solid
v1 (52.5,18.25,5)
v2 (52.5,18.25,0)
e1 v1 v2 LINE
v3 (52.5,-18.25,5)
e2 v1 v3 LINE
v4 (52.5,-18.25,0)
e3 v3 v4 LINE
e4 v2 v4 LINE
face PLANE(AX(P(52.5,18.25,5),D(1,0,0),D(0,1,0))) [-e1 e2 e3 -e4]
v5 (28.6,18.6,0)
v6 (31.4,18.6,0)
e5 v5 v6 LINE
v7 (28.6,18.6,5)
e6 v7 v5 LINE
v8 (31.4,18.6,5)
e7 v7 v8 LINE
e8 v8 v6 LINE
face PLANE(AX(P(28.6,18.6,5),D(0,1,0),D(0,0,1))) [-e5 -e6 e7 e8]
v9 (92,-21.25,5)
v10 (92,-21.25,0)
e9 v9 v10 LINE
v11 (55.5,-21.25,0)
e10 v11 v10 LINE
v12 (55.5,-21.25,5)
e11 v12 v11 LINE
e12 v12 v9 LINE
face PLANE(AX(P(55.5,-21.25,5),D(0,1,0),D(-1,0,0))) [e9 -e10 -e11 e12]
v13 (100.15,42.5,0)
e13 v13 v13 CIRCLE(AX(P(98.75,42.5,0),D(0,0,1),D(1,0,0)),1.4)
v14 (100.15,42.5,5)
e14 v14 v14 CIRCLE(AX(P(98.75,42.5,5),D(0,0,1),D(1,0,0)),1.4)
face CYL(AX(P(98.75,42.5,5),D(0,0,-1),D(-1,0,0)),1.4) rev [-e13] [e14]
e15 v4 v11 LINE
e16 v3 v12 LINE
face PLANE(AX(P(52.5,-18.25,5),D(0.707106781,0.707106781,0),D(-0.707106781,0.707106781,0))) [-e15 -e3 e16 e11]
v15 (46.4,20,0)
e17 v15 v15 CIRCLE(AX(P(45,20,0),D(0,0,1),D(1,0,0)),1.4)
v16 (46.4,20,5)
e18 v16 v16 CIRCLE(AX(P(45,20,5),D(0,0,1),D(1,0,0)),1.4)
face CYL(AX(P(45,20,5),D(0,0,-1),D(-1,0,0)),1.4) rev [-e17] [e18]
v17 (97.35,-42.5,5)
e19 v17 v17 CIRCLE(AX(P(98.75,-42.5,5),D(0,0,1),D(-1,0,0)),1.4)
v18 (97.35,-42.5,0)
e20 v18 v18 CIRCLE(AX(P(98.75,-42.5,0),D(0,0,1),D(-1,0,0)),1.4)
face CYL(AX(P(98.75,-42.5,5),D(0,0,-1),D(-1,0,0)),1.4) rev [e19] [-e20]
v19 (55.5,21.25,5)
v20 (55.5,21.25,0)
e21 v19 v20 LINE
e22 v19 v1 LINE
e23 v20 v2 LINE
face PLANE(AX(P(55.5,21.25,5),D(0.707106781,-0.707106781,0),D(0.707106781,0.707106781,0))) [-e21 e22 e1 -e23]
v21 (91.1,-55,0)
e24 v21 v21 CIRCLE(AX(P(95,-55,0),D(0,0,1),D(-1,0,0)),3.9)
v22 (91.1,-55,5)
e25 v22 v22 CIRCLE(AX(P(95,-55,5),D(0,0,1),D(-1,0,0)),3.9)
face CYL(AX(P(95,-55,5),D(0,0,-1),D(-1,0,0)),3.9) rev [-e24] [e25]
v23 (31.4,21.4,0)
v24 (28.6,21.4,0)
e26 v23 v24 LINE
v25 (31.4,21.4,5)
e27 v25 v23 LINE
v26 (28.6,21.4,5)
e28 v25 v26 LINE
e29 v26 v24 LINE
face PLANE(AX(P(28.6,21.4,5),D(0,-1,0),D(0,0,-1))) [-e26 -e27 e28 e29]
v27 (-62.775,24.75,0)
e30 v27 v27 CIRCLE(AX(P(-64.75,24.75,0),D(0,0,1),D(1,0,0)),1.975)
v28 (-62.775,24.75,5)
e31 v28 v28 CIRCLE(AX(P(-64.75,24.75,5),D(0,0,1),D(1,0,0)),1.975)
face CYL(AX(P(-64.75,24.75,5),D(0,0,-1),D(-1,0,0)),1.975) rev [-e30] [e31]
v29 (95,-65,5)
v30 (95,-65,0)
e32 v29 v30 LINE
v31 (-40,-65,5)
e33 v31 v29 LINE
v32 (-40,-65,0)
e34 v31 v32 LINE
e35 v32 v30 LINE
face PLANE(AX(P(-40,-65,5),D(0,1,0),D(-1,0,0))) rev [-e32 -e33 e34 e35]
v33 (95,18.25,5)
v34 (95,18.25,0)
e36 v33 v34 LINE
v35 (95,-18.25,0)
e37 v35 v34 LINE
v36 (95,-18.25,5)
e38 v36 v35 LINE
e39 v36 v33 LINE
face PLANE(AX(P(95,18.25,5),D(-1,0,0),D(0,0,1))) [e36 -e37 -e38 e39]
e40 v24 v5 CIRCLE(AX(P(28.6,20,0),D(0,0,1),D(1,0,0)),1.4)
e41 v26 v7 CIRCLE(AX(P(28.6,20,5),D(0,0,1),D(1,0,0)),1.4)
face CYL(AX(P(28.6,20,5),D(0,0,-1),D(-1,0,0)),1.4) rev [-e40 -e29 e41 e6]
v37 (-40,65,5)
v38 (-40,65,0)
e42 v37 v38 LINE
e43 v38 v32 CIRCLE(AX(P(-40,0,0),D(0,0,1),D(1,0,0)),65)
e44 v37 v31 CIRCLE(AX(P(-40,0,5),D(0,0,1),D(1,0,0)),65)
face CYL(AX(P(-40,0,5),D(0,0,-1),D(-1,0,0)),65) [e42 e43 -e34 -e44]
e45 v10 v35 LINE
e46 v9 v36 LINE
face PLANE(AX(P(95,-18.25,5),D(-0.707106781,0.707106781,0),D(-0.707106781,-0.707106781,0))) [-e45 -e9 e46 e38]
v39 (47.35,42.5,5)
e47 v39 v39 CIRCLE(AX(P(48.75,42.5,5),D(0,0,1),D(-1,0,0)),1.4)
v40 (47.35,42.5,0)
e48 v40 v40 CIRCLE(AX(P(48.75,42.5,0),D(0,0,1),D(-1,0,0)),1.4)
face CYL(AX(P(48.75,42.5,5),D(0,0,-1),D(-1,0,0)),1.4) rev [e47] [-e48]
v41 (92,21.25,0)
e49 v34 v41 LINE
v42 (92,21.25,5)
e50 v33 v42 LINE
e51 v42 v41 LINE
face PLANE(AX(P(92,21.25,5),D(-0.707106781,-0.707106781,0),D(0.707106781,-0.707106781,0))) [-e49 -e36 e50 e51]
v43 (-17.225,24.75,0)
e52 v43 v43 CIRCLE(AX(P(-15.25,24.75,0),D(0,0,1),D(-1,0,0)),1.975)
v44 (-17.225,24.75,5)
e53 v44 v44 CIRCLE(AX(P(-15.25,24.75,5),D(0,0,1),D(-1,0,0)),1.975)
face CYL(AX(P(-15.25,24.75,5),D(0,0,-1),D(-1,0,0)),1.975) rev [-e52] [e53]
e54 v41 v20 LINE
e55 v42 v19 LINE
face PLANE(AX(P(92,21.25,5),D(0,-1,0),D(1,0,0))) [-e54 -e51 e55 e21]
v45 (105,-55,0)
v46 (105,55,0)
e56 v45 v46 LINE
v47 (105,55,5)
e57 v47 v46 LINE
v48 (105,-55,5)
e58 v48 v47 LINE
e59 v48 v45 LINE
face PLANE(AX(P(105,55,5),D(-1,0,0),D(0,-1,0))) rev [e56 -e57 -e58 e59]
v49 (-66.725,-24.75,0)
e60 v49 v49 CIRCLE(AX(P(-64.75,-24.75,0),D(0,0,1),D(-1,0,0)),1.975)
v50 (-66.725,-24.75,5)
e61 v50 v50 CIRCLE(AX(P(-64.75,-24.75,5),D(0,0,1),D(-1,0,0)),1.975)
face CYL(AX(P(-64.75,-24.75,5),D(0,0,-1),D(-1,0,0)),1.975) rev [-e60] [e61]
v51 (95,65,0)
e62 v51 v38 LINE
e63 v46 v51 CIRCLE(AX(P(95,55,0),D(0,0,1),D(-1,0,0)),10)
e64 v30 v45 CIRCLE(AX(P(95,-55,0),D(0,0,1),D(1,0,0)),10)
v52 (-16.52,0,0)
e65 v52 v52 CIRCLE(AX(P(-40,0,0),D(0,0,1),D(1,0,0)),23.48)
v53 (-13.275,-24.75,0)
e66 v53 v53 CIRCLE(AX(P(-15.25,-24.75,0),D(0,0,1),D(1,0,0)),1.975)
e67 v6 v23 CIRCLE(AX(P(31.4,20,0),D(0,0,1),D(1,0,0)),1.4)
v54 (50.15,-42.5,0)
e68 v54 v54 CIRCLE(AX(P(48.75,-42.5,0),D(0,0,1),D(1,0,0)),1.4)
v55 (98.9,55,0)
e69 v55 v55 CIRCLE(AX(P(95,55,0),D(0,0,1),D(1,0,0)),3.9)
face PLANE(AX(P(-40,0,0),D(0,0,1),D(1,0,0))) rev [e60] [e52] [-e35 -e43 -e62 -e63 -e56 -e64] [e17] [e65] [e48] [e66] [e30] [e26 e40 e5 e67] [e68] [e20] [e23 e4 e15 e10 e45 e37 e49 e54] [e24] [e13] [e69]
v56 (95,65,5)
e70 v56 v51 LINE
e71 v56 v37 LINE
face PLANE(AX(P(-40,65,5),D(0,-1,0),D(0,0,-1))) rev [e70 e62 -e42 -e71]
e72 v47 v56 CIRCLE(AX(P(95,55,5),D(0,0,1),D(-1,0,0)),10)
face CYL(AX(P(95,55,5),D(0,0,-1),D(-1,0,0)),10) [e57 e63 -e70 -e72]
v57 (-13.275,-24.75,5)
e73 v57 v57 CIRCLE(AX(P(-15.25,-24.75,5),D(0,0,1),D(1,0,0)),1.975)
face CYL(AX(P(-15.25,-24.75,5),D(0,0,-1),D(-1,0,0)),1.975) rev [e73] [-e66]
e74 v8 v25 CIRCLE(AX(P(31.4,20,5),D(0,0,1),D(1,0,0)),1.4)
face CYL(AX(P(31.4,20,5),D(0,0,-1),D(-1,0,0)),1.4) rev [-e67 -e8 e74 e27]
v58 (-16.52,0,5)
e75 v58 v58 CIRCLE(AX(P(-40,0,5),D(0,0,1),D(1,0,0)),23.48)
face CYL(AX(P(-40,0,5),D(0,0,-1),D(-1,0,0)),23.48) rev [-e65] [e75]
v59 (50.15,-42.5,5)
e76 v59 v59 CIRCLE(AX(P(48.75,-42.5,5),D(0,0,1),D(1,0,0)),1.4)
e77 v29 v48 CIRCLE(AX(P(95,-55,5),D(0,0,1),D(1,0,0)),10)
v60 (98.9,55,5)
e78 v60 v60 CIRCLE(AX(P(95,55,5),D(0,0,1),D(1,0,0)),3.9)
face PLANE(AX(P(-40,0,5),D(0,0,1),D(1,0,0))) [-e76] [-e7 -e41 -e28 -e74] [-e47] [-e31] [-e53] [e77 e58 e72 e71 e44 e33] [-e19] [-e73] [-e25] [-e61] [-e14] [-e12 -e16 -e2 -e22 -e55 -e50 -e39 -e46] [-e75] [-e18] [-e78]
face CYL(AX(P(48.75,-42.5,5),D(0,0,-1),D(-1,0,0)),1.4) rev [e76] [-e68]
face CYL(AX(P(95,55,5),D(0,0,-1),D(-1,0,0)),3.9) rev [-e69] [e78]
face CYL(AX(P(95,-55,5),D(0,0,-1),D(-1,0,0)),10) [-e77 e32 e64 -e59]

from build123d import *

# Parameters (mm, degrees)
SKETCH1_R           = 3.9
SKETCH1_R_2         = 23.48
SKETCH1_R_3         = 1.975
SKETCH1_R_4         = 1.4
BOSS_EXTRUDE4_DEPTH = 5


with BuildPart() as part:
    # Sketch1 → Boss-Extrude4 (new body)
    with BuildSketch(Plane.XY):
        with BuildLine():
            Line((-40, -65), (95, -65))
            ThreePointArc((95, -65), (102.071067812, -62.071067812), (105, -55))
            Line((105, -55), (105, 55))
            ThreePointArc((105, 55), (102.071067812, 62.071067812), (95, 65))
            Line((95, 65), (-40, 65))
            ThreePointArc((-40, 65), (-105, 0), (-40, -65))
        make_face()
        with Locations((95, 55)):
            Circle(SKETCH1_R, mode=Mode.SUBTRACT)
        with Locations((95, -55)):
            Circle(SKETCH1_R, mode=Mode.SUBTRACT)
        with Locations((-40, 0)):
            Circle(SKETCH1_R_2, mode=Mode.SUBTRACT)
        with Locations((-64.75, 24.75)):
            Circle(SKETCH1_R_3, mode=Mode.SUBTRACT)
        with Locations((-15.25, 24.75)):
            Circle(SKETCH1_R_3, mode=Mode.SUBTRACT)
        with Locations((-15.25, -24.75)):
            Circle(SKETCH1_R_3, mode=Mode.SUBTRACT)
        with Locations((-64.75, -24.75)):
            Circle(SKETCH1_R_3, mode=Mode.SUBTRACT)
        with Locations((98.75, 42.5)):
            Circle(SKETCH1_R_4, mode=Mode.SUBTRACT)
        with Locations((48.75, 42.5)):
            Circle(SKETCH1_R_4, mode=Mode.SUBTRACT)
        with Locations((48.75, -42.5)):
            Circle(SKETCH1_R_4, mode=Mode.SUBTRACT)
        with Locations((98.75, -42.5)):
            Circle(SKETCH1_R_4, mode=Mode.SUBTRACT)
        with Locations((45, 20)):
            Circle(SKETCH1_R_4, mode=Mode.SUBTRACT)
        Polygon((95, 18.25), (95, -18.25), (92, -21.25), (55.5, -21.25), (52.5, -18.25), (52.5, 18.25), (55.5, 21.25), (92, 21.25), align=None, mode=Mode.SUBTRACT)
        with BuildLine():
            Line((28.6, 21.4), (31.4, 21.4))
            ThreePointArc((31.4, 21.4), (32.8, 20), (31.4, 18.6))
            Line((31.4, 18.6), (28.6, 18.6))
            ThreePointArc((28.6, 18.6), (27.2, 20), (28.6, 21.4))
        make_face(mode=Mode.SUBTRACT)
    extrude(amount=BOSS_EXTRUDE4_DEPTH)


solid = part.part
